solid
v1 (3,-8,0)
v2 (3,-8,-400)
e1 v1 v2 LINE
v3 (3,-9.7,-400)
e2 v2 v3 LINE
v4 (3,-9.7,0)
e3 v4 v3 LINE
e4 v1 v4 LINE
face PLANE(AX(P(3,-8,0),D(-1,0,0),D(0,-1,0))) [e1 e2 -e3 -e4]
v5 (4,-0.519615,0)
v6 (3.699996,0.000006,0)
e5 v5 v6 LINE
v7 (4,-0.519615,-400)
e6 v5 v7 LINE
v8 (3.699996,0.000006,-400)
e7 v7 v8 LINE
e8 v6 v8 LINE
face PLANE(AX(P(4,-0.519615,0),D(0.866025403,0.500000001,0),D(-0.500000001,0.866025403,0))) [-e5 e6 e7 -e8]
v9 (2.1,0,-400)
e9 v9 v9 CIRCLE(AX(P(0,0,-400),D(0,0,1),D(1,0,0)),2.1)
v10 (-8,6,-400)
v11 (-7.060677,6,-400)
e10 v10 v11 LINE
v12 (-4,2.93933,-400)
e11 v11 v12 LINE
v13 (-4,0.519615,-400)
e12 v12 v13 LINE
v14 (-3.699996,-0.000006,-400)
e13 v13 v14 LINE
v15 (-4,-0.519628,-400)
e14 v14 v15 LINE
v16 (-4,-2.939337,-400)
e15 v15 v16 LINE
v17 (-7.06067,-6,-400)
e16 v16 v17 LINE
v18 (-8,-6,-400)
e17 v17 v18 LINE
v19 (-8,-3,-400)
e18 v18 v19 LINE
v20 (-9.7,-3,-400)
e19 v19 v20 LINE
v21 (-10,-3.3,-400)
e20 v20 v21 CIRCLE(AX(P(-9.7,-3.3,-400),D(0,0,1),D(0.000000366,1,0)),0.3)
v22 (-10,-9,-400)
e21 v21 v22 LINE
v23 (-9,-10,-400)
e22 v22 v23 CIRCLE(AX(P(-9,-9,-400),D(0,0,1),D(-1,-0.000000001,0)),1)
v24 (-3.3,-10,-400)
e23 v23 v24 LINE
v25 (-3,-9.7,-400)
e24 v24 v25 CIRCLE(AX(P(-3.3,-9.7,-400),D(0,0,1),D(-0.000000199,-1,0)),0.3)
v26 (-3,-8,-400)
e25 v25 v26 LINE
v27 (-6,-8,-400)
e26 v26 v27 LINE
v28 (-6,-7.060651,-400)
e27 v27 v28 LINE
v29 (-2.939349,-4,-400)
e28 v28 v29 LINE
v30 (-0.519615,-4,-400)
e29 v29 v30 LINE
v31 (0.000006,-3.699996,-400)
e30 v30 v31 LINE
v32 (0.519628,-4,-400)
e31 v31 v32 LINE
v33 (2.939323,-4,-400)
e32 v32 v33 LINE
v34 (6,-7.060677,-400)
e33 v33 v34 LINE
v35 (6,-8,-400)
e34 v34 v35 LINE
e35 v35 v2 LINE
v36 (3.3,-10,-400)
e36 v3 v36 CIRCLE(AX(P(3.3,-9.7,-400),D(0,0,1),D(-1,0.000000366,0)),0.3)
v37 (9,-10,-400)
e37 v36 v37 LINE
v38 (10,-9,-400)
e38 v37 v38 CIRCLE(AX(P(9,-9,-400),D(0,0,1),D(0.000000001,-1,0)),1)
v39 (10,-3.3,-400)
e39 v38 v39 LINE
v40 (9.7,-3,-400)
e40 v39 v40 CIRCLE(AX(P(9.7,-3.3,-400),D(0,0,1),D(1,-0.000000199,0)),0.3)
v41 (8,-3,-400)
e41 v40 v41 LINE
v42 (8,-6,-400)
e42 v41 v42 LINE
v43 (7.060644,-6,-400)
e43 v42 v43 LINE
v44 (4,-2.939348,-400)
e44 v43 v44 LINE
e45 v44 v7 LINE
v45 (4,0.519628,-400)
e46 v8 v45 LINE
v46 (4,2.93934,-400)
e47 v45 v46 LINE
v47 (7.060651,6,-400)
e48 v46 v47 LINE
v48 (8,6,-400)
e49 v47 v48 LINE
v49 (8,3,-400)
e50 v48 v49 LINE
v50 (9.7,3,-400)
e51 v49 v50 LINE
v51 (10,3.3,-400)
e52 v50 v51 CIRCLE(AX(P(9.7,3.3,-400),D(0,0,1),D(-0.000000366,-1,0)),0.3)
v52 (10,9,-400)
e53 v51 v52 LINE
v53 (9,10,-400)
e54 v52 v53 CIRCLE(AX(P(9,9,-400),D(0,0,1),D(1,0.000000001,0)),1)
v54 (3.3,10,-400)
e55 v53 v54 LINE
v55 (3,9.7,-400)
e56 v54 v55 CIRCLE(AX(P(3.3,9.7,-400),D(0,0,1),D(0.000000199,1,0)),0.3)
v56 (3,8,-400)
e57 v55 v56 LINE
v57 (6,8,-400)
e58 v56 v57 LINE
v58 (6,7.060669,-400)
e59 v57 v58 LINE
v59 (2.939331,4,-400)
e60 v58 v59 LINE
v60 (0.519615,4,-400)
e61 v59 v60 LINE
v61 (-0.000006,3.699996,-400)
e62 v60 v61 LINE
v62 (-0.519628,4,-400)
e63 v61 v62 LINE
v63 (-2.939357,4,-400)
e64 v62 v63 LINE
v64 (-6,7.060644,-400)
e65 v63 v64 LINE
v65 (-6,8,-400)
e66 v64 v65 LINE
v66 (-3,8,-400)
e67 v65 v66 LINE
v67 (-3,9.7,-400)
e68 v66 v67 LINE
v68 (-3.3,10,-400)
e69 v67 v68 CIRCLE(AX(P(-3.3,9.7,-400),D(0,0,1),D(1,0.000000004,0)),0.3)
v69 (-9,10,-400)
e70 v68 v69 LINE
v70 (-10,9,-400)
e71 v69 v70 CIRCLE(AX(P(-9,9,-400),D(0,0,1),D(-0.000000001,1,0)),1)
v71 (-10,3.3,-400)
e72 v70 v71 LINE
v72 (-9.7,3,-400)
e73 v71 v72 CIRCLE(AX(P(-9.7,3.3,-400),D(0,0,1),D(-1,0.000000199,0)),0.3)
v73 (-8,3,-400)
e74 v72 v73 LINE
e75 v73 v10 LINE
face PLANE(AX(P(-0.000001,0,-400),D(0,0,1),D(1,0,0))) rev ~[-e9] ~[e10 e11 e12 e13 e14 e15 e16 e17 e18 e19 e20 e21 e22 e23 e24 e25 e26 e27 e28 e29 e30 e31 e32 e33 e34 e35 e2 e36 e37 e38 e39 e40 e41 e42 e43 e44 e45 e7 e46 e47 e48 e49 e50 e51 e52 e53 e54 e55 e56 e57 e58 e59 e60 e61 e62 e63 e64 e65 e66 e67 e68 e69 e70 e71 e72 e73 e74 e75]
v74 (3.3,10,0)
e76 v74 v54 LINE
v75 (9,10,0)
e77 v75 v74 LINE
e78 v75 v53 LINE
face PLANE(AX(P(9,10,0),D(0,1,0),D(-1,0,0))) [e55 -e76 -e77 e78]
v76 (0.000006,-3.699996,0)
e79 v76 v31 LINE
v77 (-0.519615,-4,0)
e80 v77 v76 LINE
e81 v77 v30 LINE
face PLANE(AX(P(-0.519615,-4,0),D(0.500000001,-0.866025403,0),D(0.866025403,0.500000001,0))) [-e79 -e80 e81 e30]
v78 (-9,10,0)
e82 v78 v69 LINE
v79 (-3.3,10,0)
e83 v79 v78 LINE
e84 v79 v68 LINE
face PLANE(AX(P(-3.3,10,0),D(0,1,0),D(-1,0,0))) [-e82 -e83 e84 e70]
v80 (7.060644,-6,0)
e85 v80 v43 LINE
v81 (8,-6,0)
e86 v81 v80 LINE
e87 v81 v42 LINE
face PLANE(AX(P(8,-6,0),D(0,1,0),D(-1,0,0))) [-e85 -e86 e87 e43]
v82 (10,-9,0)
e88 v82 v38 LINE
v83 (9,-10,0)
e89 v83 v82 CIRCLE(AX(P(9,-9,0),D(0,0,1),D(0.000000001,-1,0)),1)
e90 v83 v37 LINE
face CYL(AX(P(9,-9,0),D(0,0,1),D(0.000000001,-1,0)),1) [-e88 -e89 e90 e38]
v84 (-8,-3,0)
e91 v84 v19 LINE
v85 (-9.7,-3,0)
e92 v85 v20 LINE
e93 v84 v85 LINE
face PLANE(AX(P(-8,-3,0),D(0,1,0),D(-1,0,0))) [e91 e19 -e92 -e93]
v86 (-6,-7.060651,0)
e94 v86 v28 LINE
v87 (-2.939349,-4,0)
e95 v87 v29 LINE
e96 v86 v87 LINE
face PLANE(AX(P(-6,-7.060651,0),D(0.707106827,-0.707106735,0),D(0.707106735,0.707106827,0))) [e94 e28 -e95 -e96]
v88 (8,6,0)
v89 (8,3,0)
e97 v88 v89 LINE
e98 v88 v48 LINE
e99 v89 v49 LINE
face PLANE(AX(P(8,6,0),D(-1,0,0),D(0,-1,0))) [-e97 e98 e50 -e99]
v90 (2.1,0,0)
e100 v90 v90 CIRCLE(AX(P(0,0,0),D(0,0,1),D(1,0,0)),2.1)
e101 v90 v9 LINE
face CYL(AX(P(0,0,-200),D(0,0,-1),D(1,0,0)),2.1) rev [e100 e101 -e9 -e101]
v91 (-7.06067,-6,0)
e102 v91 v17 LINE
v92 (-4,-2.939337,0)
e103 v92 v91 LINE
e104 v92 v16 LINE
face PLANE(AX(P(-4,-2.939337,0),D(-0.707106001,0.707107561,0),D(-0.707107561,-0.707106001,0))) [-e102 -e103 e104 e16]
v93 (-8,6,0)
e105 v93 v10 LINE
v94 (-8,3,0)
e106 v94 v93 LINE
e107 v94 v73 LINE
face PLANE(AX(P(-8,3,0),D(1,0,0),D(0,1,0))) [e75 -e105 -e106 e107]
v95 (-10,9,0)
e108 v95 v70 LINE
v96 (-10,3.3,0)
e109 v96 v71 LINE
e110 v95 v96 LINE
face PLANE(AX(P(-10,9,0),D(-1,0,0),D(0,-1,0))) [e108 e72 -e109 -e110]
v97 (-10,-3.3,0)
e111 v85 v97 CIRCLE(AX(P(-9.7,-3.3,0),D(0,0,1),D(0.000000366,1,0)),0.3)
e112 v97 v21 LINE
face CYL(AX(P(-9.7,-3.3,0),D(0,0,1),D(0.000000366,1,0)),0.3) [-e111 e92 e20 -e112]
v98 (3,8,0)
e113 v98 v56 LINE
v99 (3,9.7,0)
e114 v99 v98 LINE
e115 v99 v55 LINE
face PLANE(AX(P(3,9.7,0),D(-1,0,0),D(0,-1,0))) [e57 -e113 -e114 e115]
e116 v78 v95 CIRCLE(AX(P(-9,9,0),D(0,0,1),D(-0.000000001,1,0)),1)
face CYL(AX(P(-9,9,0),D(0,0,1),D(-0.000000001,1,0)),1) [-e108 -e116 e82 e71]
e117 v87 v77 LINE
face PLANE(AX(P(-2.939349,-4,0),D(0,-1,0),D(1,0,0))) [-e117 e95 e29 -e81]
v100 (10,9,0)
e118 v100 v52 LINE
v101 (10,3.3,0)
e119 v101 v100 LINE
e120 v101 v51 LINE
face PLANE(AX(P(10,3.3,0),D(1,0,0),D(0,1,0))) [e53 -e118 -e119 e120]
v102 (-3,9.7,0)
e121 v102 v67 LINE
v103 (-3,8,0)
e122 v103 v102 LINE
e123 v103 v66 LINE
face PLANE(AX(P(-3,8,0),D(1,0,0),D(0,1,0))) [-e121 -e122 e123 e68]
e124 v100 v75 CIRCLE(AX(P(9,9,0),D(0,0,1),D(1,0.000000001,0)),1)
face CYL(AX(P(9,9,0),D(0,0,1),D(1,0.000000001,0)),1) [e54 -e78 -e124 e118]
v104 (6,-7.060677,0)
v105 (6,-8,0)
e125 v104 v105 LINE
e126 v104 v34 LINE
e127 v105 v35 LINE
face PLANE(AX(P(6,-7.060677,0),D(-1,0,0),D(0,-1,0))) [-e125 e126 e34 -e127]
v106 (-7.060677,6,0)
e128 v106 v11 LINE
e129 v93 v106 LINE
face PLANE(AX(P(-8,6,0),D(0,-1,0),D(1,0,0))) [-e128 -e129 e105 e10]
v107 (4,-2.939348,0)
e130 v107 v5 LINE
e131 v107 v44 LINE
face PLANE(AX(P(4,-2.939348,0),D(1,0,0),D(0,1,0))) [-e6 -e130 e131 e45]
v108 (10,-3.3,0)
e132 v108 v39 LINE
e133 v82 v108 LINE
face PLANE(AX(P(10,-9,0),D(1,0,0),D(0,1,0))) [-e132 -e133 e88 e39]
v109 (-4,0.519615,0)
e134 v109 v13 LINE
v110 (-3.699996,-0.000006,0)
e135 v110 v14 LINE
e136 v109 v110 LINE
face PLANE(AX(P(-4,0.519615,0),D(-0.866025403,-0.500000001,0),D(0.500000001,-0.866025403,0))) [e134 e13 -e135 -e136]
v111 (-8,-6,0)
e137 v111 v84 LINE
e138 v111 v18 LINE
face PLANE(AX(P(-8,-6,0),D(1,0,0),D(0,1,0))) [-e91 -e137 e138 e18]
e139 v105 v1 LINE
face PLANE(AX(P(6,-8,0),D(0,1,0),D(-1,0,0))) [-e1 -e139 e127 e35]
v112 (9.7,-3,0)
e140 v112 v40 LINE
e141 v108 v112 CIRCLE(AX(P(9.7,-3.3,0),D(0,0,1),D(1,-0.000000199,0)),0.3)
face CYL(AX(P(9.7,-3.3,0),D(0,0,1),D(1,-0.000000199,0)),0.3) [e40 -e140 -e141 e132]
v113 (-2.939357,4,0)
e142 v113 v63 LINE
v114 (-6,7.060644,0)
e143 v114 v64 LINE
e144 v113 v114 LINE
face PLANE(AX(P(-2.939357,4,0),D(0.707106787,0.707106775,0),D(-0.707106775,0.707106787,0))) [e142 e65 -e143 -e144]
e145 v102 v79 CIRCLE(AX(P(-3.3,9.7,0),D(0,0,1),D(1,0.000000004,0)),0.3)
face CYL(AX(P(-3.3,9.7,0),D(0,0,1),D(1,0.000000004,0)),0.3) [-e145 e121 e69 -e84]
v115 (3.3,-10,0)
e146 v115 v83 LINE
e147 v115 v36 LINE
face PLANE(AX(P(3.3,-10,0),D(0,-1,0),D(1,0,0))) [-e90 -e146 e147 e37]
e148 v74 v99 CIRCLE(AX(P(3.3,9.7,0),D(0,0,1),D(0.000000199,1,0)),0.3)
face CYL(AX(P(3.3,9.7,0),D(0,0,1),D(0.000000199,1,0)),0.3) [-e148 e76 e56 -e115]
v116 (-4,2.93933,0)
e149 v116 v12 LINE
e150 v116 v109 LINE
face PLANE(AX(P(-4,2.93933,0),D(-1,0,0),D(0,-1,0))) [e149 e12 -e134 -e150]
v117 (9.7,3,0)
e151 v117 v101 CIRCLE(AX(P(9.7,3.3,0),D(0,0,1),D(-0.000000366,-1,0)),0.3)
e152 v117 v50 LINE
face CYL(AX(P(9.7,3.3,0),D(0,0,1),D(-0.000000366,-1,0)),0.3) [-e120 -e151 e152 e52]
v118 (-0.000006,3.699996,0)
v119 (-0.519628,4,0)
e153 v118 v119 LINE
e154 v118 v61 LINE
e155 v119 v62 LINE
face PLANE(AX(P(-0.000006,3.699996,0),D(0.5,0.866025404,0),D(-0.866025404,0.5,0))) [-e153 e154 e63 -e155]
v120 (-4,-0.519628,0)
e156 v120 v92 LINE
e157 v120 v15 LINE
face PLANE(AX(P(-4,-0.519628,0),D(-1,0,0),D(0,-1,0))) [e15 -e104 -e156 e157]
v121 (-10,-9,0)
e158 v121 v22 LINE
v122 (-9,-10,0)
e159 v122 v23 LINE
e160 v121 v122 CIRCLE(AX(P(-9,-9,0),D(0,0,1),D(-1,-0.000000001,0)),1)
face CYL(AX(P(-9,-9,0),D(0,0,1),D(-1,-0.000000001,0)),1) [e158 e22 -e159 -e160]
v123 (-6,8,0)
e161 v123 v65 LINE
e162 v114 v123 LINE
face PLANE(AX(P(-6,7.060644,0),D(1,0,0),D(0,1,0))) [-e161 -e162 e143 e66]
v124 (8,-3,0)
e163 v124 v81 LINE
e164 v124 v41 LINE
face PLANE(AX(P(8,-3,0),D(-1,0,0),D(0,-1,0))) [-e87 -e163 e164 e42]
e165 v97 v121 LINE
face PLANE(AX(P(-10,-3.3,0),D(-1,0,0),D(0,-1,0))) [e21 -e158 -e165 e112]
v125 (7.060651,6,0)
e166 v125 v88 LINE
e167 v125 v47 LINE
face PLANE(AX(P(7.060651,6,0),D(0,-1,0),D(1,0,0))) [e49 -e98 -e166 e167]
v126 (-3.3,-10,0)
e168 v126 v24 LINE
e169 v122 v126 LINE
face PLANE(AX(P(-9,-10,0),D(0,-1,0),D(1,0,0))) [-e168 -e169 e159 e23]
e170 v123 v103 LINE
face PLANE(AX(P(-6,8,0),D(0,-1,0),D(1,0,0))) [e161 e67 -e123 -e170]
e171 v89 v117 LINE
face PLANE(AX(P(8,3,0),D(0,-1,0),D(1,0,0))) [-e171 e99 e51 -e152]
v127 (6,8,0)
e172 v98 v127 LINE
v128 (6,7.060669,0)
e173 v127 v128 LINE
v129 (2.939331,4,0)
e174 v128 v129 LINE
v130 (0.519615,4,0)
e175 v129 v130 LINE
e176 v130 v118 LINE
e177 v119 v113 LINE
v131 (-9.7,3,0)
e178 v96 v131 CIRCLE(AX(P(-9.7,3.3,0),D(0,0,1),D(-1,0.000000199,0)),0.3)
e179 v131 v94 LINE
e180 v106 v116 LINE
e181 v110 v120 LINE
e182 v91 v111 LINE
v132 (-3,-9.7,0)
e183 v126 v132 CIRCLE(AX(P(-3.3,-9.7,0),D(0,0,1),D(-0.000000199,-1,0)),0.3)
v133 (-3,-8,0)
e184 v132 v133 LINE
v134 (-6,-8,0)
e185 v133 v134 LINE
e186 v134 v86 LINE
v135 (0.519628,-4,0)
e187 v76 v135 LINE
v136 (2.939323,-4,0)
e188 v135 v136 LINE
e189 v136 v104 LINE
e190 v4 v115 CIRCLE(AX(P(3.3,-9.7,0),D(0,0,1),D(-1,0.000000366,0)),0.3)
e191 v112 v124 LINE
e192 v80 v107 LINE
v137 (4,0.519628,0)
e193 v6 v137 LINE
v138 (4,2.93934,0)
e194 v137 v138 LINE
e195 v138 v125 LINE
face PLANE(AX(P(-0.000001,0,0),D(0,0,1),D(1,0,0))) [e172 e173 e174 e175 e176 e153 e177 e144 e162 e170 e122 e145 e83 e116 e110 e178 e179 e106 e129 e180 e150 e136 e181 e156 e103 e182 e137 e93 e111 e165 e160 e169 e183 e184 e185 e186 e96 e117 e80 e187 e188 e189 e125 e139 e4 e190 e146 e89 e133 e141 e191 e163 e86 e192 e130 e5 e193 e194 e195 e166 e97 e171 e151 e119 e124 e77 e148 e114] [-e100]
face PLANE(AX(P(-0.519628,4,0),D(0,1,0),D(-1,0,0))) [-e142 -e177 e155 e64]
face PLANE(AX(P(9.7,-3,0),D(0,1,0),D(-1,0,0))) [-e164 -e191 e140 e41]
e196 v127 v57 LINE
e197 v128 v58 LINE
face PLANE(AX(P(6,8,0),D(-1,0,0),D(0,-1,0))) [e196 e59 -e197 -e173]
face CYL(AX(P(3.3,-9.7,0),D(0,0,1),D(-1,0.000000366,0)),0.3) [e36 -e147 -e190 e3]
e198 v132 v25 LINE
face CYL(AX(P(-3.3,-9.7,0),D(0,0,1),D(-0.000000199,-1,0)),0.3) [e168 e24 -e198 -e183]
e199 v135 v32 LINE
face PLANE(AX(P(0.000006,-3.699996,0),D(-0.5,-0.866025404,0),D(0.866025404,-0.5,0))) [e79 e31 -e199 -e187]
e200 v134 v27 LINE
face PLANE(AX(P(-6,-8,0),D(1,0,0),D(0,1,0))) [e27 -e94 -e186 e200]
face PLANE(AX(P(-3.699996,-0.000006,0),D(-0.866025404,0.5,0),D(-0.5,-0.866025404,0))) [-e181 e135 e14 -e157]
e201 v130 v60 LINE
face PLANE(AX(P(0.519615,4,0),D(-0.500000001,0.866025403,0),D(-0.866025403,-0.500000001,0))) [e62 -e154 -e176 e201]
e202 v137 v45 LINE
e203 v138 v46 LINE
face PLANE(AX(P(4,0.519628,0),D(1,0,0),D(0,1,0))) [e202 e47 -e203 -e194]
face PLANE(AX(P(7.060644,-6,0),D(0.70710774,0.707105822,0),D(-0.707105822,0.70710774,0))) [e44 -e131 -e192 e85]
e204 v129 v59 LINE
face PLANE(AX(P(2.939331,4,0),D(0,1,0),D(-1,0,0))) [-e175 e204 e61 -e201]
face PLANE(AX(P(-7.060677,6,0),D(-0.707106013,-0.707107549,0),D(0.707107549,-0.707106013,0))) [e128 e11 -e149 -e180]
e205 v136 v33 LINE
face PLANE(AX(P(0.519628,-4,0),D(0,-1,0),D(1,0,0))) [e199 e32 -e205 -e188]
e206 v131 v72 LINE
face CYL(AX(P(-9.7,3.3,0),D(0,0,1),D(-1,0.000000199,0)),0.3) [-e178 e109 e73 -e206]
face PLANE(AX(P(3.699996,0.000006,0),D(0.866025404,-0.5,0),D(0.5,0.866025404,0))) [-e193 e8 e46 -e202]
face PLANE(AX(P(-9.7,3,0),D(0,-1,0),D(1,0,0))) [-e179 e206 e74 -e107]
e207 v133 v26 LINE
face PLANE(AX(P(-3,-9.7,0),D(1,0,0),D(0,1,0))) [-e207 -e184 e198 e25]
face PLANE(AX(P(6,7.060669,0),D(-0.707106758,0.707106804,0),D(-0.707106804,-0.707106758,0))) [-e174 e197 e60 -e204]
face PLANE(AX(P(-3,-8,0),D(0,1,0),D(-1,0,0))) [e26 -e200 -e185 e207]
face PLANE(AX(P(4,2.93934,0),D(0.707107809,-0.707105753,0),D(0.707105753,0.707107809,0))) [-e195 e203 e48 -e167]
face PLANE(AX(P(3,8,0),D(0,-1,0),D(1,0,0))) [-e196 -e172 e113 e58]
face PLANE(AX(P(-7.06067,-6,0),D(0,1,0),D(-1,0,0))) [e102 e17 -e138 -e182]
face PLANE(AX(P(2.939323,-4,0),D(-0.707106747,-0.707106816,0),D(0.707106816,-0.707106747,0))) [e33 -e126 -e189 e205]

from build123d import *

# Parameters (mm, degrees)
BOSS_EXTRUDE1_DEPTH = 400
SKETCH2_W           = 400
SKETCH2_H           = 2.1


with BuildPart() as part:
    # Sketch1 → Boss-Extrude1 (new body)
    with BuildSketch(Plane.XY):
        with BuildLine():
            Line((-10, 9), (-10, 3.29999995))
            ThreePointArc((-10, 3.29999995), (-9.912132049, 3.087867916), (-9.7, 3))
            Line((-9.7, 3), (-8, 3))
            Line((-8, 3), (-8, 6))
            Line((-8, 6), (-7.060677, 6))
            Line((-7.060677, 6), (-4, 2.93932965))
            Line((-4, 2.93932965), (-4, 0.519615242))
            Line((-4, 0.519615242), (-3.699996283, -6.437e-06))
            Line((-3.699996283, -6.437e-06), (-4, -0.519628117))
            Line((-4, -0.519628117), (-4, -2.93933725))
            Line((-4, -2.93933725), (-7.0606695, -6))
            Line((-7.0606695, -6), (-8, -6))
            Line((-8, -6), (-8, -3))
            Line((-8, -3), (-9.7, -3))
            ThreePointArc((-9.7, -3), (-9.912132049, -3.087867916), (-10, -3.29999995))
            Line((-10, -3.29999995), (-10, -9))
            ThreePointArc((-10, -9), (-9.707106781, -9.707106781), (-9, -10))
            Line((-9, -10), (-3.29999995, -10))
            ThreePointArc((-3.29999995, -10), (-3.087867916, -9.912132049), (-3, -9.7))
            Line((-3, -9.7), (-3, -8))
            Line((-3, -8), (-6, -8))
            Line((-6, -8), (-6, -7.0606515))
            Line((-6, -7.0606515), (-2.9393489, -4))
            Line((-2.9393489, -4), (-0.519615242, -4))
            Line((-0.519615242, -4), (6.437e-06, -3.699996283))
            Line((6.437e-06, -3.699996283), (0.519628117, -4))
            Line((0.519628117, -4), (2.9393227, -4))
            Line((2.9393227, -4), (6, -7.060677))
            Line((6, -7.060677), (6, -8))
            Line((6, -8), (3, -8))
            Line((3, -8), (3, -9.7))
            ThreePointArc((3, -9.7), (3.087867916, -9.912132049), (3.29999995, -10))
            Line((3.29999995, -10), (9, -10))
            ThreePointArc((9, -10), (9.707106781, -9.707106781), (10, -9))
            Line((10, -9), (10, -3.29999995))
            ThreePointArc((10, -3.29999995), (9.912132049, -3.087867916), (9.7, -3))
            Line((9.7, -3), (8, -3))
            Line((8, -3), (8, -6))
            Line((8, -6), (7.0606435, -6))
            Line((7.0606435, -6), (4, -2.9393482))
            Line((4, -2.9393482), (4, -0.519615242))
            Line((4, -0.519615242), (3.699996283, 6.437e-06))
            Line((3.699996283, 6.437e-06), (4, 0.519628117))
            Line((4, 0.519628117), (4, 2.9393401))
            Line((4, 2.9393401), (7.060651, 6))
            Line((7.060651, 6), (8, 6))
            Line((8, 6), (8, 3))
            Line((8, 3), (9.7, 3))
            ThreePointArc((9.7, 3), (9.912132049, 3.087867916), (10, 3.29999995))
            Line((10, 3.29999995), (10, 9))
            ThreePointArc((10, 9), (9.707106781, 9.707106781), (9, 10))
            Line((9, 10), (3.29999995, 10))
            ThreePointArc((3.29999995, 10), (3.087867916, 9.912132049), (3, 9.7))
            Line((3, 9.7), (3, 8))
            Line((3, 8), (6, 8))
            Line((6, 8), (6, 7.060669))
            Line((6, 7.060669), (2.9393308, 4))
            Line((2.9393308, 4), (0.519615242, 4))
            Line((0.519615242, 4), (-6.437e-06, 3.699996283))
            Line((-6.437e-06, 3.699996283), (-0.519628117, 4))
            Line((-0.519628117, 4), (-2.93935655, 4))
            Line((-2.93935655, 4), (-6, 7.0606435))
            Line((-6, 7.0606435), (-6, 8))
            Line((-6, 8), (-3, 8))
            Line((-3, 8), (-3, 9.7))
            ThreePointArc((-3, 9.7), (-3.087867966, 9.912132034), (-3.3, 10))
            Line((-3.3, 10), (-9, 10))
            ThreePointArc((-9, 10), (-9.707106781, 9.707106781), (-10, 9))
        make_face()
    extrude(amount=-BOSS_EXTRUDE1_DEPTH)

    # Sketch2 → Cut-Revolve1 (revolve, cut)
    with BuildSketch(Plane(origin=(0, 0, 0), x_dir=(0, 0, -1), z_dir=(1, 0, 0)), mode=Mode.PRIVATE) as cut_revolve1_sk:
        with Locations((200, 1.05)):
            Rectangle(SKETCH2_W, SKETCH2_H)
    revolve(cut_revolve1_sk.sketch.rotate(Axis((0, 0, -400), (0, 0, 1)), 270), axis=Axis((0, 0, -400), (0, 0, 1)), mode=Mode.SUBTRACT)


solid = part.part
